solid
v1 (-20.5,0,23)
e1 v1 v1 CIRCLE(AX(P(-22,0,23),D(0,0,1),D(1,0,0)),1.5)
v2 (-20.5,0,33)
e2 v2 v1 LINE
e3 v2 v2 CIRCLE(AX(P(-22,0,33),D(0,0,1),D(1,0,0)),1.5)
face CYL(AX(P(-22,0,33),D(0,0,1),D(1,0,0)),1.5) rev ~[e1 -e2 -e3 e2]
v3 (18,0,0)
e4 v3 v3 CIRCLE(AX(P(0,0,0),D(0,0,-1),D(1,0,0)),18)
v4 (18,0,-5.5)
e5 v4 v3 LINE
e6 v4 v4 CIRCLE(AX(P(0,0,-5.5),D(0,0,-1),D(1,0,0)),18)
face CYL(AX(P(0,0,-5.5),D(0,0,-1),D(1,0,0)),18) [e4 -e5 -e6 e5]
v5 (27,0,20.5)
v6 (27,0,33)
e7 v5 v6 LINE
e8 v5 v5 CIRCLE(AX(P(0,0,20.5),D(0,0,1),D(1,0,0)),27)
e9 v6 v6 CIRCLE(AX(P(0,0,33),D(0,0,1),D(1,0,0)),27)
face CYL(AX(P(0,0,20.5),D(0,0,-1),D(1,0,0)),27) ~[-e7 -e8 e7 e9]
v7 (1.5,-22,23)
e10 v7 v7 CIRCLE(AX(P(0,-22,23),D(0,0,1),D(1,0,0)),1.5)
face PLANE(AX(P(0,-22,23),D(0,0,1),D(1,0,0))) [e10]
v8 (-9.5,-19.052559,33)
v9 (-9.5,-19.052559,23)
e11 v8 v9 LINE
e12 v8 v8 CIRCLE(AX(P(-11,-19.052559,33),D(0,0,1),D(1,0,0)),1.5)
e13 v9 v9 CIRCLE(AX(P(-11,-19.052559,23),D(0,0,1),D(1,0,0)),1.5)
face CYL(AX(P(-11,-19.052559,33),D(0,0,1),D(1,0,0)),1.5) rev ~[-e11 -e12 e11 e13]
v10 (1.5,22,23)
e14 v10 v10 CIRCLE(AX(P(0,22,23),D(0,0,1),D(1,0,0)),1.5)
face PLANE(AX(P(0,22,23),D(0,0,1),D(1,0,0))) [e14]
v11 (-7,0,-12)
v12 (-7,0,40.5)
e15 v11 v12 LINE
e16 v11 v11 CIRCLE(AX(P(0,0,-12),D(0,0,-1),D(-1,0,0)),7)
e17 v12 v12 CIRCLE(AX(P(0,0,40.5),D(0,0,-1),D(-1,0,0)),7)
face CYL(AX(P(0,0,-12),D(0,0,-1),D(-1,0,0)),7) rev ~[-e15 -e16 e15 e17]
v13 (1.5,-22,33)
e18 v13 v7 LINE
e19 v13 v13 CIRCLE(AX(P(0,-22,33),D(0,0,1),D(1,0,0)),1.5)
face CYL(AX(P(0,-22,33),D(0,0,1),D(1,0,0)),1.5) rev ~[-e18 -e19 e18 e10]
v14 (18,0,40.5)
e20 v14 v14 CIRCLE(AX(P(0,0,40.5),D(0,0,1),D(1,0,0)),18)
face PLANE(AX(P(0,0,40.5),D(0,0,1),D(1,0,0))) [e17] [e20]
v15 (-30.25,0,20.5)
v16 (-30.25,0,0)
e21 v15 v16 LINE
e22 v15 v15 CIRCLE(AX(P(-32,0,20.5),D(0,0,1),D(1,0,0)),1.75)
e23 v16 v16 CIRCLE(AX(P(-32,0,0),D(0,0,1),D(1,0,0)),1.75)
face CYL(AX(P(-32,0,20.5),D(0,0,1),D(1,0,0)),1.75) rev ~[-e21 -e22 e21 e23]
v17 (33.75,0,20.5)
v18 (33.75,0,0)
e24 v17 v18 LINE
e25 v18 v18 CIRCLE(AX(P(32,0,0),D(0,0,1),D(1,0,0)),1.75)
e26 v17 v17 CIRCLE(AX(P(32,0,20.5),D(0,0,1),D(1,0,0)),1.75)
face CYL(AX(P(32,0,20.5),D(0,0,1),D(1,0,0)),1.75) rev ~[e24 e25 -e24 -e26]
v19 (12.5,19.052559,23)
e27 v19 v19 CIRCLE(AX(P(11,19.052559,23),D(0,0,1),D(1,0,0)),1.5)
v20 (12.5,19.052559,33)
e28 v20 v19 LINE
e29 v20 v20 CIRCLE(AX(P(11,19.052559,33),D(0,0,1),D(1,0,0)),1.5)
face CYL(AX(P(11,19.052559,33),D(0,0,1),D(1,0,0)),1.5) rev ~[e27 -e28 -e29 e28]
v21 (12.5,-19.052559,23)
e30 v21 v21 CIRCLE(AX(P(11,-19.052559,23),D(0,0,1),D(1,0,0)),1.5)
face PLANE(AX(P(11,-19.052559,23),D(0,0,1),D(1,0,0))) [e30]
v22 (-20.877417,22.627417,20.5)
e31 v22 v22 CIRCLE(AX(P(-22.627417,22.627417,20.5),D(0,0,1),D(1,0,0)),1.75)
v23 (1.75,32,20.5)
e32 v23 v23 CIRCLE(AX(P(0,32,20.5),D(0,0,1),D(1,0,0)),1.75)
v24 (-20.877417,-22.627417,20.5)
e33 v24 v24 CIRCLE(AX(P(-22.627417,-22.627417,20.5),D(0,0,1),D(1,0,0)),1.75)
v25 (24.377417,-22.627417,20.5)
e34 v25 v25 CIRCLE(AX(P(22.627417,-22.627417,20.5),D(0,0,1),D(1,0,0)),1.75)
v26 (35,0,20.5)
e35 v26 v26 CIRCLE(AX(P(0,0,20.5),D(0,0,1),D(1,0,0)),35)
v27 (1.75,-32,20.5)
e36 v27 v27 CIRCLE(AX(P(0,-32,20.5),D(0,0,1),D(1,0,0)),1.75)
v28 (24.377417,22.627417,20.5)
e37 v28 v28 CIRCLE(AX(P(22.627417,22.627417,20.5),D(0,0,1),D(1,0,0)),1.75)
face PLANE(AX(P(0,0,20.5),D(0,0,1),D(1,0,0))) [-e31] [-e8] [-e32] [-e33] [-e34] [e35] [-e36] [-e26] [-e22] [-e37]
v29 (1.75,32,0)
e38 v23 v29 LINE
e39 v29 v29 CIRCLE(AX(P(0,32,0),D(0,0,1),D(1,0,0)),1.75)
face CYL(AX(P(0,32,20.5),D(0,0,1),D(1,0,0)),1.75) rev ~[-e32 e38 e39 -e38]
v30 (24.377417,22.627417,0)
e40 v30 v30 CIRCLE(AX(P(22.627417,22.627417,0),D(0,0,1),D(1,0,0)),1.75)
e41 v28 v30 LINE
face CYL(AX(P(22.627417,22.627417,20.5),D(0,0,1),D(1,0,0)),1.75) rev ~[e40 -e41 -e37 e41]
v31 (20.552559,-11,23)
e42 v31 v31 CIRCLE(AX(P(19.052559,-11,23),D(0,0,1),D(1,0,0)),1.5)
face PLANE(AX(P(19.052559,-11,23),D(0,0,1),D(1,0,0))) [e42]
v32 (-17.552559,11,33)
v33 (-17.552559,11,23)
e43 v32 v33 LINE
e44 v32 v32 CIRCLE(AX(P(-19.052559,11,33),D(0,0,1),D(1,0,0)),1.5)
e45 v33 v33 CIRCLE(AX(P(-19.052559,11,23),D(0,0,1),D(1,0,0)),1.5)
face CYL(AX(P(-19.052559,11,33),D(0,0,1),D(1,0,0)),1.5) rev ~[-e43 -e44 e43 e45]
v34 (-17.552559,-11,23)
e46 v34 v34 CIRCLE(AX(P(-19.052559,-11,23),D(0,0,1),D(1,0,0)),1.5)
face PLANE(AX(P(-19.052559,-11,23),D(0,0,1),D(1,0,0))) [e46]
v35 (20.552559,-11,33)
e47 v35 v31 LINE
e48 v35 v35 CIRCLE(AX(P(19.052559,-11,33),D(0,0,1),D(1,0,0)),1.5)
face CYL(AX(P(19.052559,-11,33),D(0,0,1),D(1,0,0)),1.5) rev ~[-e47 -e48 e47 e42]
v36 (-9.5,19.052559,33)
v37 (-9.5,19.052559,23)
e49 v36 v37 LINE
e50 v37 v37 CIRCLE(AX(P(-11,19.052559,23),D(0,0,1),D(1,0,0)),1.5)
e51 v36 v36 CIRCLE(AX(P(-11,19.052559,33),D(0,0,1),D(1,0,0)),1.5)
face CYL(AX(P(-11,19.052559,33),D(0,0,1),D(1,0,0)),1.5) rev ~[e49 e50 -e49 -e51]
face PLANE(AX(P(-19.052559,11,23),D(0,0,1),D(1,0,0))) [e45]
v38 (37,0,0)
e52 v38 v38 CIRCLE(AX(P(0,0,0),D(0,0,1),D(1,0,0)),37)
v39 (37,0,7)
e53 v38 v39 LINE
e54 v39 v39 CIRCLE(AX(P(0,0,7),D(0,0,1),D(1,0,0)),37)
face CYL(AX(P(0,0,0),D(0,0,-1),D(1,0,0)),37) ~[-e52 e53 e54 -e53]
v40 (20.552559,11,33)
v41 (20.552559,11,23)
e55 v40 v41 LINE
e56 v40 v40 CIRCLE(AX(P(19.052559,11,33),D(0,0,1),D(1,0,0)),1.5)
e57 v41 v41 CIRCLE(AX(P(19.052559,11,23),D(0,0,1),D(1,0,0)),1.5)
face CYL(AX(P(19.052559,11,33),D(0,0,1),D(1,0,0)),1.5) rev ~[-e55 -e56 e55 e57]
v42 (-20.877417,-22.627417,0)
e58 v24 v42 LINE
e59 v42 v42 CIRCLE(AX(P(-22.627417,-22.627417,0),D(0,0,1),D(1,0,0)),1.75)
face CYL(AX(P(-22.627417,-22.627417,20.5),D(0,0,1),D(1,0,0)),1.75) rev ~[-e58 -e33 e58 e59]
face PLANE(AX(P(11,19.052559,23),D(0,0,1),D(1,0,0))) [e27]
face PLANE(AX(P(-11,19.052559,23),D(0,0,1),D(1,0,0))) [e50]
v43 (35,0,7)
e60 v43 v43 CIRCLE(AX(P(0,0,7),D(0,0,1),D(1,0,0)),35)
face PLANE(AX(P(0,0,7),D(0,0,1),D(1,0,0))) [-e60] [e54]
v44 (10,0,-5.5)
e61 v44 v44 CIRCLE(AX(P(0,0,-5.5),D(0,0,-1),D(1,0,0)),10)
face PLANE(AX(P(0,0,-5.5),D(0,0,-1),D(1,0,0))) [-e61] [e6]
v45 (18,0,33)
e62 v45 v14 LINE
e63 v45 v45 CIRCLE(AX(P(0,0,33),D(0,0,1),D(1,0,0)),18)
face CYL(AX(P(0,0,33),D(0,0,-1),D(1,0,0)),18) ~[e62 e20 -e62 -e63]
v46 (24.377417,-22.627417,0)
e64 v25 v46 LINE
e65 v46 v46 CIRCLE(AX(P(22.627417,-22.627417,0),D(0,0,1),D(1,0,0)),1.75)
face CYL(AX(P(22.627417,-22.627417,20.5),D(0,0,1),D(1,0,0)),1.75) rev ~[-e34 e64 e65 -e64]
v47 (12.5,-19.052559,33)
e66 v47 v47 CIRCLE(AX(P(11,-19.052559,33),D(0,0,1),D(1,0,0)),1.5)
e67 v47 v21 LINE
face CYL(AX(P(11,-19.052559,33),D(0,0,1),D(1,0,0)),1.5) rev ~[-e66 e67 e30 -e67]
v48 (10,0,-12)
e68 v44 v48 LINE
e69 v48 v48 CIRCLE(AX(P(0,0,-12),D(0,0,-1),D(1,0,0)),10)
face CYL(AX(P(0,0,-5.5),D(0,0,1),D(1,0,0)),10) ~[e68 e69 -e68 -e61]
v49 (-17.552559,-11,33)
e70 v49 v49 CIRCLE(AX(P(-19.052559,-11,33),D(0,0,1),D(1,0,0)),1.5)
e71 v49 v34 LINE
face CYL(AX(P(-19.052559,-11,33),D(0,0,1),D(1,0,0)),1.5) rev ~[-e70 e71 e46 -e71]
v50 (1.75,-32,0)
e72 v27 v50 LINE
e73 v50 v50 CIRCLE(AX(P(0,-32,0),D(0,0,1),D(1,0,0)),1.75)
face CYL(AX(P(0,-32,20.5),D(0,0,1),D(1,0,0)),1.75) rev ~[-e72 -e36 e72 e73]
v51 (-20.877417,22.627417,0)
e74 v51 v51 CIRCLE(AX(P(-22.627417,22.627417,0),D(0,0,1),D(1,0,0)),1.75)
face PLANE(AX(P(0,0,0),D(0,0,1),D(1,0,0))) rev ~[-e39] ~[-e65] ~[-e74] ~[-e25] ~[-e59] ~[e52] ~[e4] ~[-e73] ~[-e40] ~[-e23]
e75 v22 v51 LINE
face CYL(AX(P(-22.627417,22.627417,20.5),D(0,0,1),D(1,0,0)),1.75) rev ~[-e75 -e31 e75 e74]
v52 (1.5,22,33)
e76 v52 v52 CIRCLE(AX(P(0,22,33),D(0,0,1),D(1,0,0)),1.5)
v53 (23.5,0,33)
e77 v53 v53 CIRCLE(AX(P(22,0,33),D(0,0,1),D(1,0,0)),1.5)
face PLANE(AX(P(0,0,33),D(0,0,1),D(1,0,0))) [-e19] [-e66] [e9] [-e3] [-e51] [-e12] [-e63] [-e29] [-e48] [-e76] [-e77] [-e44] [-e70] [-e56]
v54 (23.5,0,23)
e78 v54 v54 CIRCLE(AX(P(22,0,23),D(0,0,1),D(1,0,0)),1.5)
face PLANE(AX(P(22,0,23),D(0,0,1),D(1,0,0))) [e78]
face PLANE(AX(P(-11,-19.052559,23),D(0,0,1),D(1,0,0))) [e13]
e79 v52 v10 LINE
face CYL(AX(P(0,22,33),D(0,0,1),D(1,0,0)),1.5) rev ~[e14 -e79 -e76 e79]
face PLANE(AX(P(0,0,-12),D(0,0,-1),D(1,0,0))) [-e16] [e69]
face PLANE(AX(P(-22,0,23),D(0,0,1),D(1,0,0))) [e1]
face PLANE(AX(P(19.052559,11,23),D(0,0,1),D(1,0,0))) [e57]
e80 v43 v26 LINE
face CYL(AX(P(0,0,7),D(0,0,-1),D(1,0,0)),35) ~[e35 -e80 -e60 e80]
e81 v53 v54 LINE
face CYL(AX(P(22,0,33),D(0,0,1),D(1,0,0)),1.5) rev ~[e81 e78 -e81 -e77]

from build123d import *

# Parameters (mm, degrees)
SKETCH_1_R          = 37
EXTRUDE_1_DEPTH     = 7
SKETCH_2_R          = 35
EXTRUDE_2_DEPTH     = 13.5
SKETCH_3_R          = 27
EXTRUDE_3_DEPTH     = 12.5
SKETCH_4_R          = 18
EXTRUDE_4_DEPTH     = 7.5
EXTRUDE_START       = 5.5
SKETCH_5_R          = 18
EXTRUDE_5_DEPTH     = 5.5
SKETCH_6_R          = 10
EXTRUDE_6_DEPTH     = 6.5
SKETCH_7_R          = 7
CUT_EXTRUDE_1_DEPTH = 52.5
SKETCH_8_R          = 1.75
CUT_EXTRUDE_2_DEPTH = 20.5
SKETCH_9_R          = 1.5
CUT_EXTRUDE_3_DEPTH = 10


with BuildPart() as part:
    # Эскиз1 → Бобышка-Вытянуть1 (new body)
    with BuildSketch(Plane.XY):
        Circle(SKETCH_1_R)
    extrude(amount=EXTRUDE_1_DEPTH)

    # Эскиз2 → Бобышка-Вытянуть2 (add)
    with BuildSketch(Plane.XY.offset(7)):
        Circle(SKETCH_2_R)
    extrude(amount=EXTRUDE_2_DEPTH)

    # Эскиз3 → Бобышка-Вытянуть3 (add)
    with BuildSketch(Plane.XY.offset(20.5)):
        Circle(SKETCH_3_R)
    extrude(amount=EXTRUDE_3_DEPTH)

    # Эскиз4 → Бобышка-Вытянуть4 (add)
    with BuildSketch(Plane.XY.offset(33)):
        Circle(SKETCH_4_R)
    extrude(amount=EXTRUDE_4_DEPTH)

    # Эскиз5 → Бобышка-Вытянуть5 (add)
    with BuildSketch(Plane(origin=(0, 0, 0), x_dir=(-1, 0, 0), z_dir=(0, 0, -1)).offset(EXTRUDE_START)):
        with Locations(Location((0, 0, 0), (0, 0, 180))):
            Circle(SKETCH_5_R)
    extrude(amount=-EXTRUDE_5_DEPTH)

    # Эскиз6 → Бобышка-Вытянуть6 (add)
    with BuildSketch(Plane(origin=(0, 0, -5.5), x_dir=(-1, 0, 0), z_dir=(0, 0, -1))):
        with Locations(Location((0, 0, 0), (0, 0, 180))):
            Circle(SKETCH_6_R)
    extrude(amount=EXTRUDE_6_DEPTH)

    # Эскиз7 → Вырез-Вытянуть1 (cut)
    with BuildSketch(Plane(origin=(0, 0, -12), x_dir=(-1, 0, 0), z_dir=(0, 0, -1))):
        Circle(SKETCH_7_R)
    extrude(amount=-CUT_EXTRUDE_1_DEPTH, mode=Mode.SUBTRACT)

    # Эскиз8 → Вырез-Вытянуть2 (cut)
    with BuildSketch(Plane.XY.offset(20.5)):
        with Locations((0, 32)):
            Circle(SKETCH_8_R)
        with Locations((22.627416998, 22.627416998)):
            Circle(SKETCH_8_R)
        with Locations((32, 0)):
            Circle(SKETCH_8_R)
        with Locations((22.627416998, -22.627416998)):
            Circle(SKETCH_8_R)
        with Locations((0, -32)):
            Circle(SKETCH_8_R)
        with Locations((-22.627416998, -22.627416998)):
            Circle(SKETCH_8_R)
        with Locations((-32, 0)):
            Circle(SKETCH_8_R)
        with Locations((-22.627416998, 22.627416998)):
            Circle(SKETCH_8_R)
    extrude(amount=-CUT_EXTRUDE_2_DEPTH, mode=Mode.SUBTRACT)

    # Эскиз9 → Вырез-Вытянуть3 (cut)
    with BuildSketch(Plane.XY.offset(33)):
        with Locations((0, 22)):
            Circle(SKETCH_9_R)
        with Locations((11, 19.052558883)):
            Circle(SKETCH_9_R)
        with Locations((19.052558883, 11)):
            Circle(SKETCH_9_R)
        with Locations((22, 0)):
            Circle(SKETCH_9_R)
        with Locations((19.052558883, -11)):
            Circle(SKETCH_9_R)
        with Locations((11, -19.052558883)):
            Circle(SKETCH_9_R)
        with Locations((0, -22)):
            Circle(SKETCH_9_R)
        with Locations((-11, -19.052558883)):
            Circle(SKETCH_9_R)
        with Locations((-19.052558883, -11)):
            Circle(SKETCH_9_R)
        with Locations((-22, 0)):
            Circle(SKETCH_9_R)
        with Locations((-19.052558883, 11)):
            Circle(SKETCH_9_R)
        with Locations((-11, 19.052558883)):
            Circle(SKETCH_9_R)
    extrude(amount=-CUT_EXTRUDE_3_DEPTH, mode=Mode.SUBTRACT)


solid = part.part
